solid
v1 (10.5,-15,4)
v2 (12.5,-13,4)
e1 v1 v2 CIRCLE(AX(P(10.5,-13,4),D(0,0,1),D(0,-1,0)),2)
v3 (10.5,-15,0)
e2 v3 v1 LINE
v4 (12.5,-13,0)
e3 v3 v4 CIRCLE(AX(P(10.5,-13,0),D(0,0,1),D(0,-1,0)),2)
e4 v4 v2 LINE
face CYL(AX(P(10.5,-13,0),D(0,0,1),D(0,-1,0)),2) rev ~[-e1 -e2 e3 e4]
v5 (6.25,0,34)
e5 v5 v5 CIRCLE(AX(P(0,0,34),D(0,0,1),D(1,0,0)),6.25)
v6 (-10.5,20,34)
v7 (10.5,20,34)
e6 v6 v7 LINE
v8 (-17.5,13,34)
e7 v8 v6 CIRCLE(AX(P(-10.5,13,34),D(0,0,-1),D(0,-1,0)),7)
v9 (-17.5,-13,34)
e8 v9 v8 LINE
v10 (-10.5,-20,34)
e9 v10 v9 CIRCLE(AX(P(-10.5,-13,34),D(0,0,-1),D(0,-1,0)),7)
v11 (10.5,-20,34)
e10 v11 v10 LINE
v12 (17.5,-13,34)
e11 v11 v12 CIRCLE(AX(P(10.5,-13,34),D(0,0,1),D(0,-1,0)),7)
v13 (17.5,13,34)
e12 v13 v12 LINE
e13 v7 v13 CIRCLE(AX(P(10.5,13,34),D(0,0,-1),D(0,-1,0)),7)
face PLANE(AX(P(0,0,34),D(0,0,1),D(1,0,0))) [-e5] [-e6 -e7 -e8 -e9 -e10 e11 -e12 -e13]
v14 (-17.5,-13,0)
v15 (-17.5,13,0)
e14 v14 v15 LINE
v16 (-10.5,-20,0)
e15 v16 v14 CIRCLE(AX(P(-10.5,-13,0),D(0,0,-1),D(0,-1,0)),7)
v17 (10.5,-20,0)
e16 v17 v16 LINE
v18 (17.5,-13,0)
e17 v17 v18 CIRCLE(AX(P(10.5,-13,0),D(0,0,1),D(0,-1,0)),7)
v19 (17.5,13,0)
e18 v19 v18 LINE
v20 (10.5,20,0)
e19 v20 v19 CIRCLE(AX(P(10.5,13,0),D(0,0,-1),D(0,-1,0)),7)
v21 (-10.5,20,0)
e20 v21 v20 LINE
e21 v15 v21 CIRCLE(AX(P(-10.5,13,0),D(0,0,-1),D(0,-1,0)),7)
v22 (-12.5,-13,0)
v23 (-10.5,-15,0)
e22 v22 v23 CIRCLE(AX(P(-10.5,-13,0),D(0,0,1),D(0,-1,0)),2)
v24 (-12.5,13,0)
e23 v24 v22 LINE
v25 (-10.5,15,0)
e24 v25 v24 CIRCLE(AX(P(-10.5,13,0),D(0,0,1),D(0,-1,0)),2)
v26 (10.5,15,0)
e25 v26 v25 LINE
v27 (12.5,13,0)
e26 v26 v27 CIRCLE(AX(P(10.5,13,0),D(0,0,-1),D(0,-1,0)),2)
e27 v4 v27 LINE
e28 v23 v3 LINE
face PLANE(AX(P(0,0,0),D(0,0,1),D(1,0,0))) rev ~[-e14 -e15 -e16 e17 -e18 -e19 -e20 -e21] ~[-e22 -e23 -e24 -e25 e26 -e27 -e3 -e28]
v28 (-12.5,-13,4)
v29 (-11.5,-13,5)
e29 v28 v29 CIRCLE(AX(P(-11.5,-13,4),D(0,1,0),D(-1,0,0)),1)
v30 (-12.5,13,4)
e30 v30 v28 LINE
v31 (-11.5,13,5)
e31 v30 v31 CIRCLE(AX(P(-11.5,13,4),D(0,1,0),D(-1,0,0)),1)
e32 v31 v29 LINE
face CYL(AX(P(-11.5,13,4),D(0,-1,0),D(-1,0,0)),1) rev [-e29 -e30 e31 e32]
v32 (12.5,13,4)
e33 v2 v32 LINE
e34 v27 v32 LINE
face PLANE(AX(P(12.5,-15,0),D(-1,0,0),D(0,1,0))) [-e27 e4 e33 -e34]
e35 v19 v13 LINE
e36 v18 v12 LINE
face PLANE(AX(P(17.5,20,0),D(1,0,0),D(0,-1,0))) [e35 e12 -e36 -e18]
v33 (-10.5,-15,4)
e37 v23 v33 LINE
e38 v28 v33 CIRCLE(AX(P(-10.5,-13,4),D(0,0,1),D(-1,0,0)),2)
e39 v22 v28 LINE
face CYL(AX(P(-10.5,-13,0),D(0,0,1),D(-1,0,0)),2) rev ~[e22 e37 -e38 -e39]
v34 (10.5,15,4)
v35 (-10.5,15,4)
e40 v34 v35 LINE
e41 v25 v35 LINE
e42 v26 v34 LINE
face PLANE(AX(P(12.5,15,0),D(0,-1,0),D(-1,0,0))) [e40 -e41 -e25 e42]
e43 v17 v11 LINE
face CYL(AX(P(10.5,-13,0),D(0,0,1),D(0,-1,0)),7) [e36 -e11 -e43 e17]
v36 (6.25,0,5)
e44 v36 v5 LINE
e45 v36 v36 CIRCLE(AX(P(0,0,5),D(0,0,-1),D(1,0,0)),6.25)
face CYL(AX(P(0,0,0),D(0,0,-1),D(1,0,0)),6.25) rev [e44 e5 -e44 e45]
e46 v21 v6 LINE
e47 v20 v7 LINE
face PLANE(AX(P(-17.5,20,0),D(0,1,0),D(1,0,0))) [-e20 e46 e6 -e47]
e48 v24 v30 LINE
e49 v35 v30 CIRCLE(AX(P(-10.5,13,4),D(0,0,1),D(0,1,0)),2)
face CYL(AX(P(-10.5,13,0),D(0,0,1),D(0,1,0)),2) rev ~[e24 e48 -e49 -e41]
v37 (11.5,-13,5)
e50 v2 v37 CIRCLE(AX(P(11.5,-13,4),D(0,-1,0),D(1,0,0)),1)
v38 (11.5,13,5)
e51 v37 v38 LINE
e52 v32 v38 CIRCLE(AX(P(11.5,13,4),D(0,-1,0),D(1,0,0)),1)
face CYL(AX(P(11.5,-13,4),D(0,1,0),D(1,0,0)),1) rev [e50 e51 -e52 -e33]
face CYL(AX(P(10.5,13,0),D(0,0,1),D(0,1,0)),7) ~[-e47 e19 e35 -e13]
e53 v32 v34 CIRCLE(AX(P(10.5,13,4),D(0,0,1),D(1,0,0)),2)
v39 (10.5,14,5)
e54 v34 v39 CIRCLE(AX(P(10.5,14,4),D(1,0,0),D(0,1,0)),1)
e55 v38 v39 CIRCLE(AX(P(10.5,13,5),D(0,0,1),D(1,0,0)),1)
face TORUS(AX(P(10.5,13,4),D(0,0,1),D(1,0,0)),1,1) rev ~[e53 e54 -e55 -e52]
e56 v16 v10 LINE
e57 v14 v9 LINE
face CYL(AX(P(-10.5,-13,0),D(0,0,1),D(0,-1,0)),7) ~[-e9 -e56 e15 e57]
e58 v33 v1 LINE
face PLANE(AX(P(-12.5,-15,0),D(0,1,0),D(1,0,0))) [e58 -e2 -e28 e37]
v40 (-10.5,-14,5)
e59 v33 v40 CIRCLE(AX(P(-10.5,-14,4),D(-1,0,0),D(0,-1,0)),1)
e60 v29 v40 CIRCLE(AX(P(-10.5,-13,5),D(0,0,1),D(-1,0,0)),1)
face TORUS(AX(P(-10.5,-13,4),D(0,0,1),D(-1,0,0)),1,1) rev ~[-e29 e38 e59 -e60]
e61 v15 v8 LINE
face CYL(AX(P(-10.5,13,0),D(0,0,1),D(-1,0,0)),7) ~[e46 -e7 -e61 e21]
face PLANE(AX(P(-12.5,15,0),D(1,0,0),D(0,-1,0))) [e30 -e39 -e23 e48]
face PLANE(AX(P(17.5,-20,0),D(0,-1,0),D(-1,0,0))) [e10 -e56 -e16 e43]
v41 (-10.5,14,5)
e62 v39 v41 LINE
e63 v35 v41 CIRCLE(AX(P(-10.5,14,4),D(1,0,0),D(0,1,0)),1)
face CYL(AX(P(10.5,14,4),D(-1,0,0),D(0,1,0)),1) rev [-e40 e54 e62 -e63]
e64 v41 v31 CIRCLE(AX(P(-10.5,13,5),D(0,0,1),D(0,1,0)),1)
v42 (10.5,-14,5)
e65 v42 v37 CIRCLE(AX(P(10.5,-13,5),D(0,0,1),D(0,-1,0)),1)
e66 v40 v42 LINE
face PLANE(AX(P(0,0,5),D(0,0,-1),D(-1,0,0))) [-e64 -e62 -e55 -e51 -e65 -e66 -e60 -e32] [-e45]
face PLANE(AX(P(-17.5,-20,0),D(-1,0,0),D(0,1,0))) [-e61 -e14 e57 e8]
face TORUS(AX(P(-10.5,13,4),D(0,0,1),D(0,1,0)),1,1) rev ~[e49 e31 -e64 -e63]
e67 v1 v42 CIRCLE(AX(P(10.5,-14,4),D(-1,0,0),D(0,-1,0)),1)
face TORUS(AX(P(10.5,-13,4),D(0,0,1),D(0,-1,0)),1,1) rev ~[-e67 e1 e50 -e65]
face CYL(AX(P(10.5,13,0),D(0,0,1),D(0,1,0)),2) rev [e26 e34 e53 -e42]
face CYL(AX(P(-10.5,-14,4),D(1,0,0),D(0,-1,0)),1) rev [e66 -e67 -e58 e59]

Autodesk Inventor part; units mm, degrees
ref_plane "YZ Plane" through (0, 0, 0) normal (1, 0, 0) x (0, 1, 0)
ref_plane "XZ Plane" through (0, 0, 0) normal (0, 1, 0) x (-1, 0, 0)
ref_plane "XY Plane" through (0, 0, 0) normal (0, 0, 1) x (1, 0, 0)
sketch "Эскиз1" plane through (0, 0, 0) normal (0, 0, 1) x (1, 0, 0)
  line L0 (17.5, -20) -> (-17.5, -20)
  line L1 (-17.5, -20) -> (-17.5, 20)
  line L2 (-17.5, 20) -> (17.5, 20)
  line L3 (17.5, 20) -> (17.5, -20)
  line L4 (17.5, -20) -> (-17.5, 20) construction
  line L5 (-17.5, -20) -> (17.5, 20) construction
  circle A0 centre (0, 0) radius 6.25
  dimension "d0" = 40
  dimension "d1" = 12.5
  dimension "d11" = 35
extrude "Выдавливание1" add sketch "Эскиз1" along normal blind 34
fillet "Сопряжение1" radius 7 4 edges at (-17.5, -20, 17) (-17.5, 20, 17) (17.5, 20, 17) (17.5, -20, 17)
sketch "Эскиз2" plane through (0, 0, 0) normal (0, 0, -1) x (-1, 0, 0)
  line L0 (-10.5, -20) -> (10.5, -20) projected
  line L1 (10.5, 20) -> (-10.5, 20) projected
  line L2 (-17.5, 13) -> (-17.5, -13) projected
  arc A0 (-17.5, -13) -> (-10.5, -20) centre (-10.5, -13) ccw projected
  arc A1 (10.5, -20) -> (17.5, -13) centre (10.5, -13) ccw projected
  arc A2 (17.5, 13) -> (10.5, 20) centre (10.5, 13) ccw projected
  arc A3 (-10.5, 20) -> (-17.5, 13) centre (-10.5, 13) ccw projected
  line L3 (17.5, -13) -> (17.5, 13) projected
  line L4 (-12.5, 15) -> (12.5, 15)
  line L5 (12.5, 15) -> (12.5, -15)
  line L6 (12.5, -15) -> (-12.5, -15)
  line L7 (-12.5, -15) -> (-12.5, 15)
  line L8 (-12.5, 15) -> (12.5, -15) construction
  line L9 (12.5, 15) -> (-12.5, -15) construction
  point P0 (0, 0)
  dimension "d12" = 5
  dimension "d13" = 5
extrude "Выдавливание2" cut sketch "Эскиз2" against normal blind 5 contours L4 L5 L6 L7
fillet "Сопряжение3" radius 2 4 edges at (12.5, -15, 2.5) (-12.5, -15, 2.5) (-12.5, 15, 2.5) (12.5, 15, 2.5)
fillet "Сопряжение4" radius 1 8 edges at (-11.9142, 14.4142, 5) (-12.5, 0, 5) (-11.9142, -14.4142, 5) (0, -15, 5) (11.9142, -14.4142, 5) (12.5, 0, 5) (11.9142, 14.4142, 5) (0, 15, 5)
properties part number "платик под двигатель"
